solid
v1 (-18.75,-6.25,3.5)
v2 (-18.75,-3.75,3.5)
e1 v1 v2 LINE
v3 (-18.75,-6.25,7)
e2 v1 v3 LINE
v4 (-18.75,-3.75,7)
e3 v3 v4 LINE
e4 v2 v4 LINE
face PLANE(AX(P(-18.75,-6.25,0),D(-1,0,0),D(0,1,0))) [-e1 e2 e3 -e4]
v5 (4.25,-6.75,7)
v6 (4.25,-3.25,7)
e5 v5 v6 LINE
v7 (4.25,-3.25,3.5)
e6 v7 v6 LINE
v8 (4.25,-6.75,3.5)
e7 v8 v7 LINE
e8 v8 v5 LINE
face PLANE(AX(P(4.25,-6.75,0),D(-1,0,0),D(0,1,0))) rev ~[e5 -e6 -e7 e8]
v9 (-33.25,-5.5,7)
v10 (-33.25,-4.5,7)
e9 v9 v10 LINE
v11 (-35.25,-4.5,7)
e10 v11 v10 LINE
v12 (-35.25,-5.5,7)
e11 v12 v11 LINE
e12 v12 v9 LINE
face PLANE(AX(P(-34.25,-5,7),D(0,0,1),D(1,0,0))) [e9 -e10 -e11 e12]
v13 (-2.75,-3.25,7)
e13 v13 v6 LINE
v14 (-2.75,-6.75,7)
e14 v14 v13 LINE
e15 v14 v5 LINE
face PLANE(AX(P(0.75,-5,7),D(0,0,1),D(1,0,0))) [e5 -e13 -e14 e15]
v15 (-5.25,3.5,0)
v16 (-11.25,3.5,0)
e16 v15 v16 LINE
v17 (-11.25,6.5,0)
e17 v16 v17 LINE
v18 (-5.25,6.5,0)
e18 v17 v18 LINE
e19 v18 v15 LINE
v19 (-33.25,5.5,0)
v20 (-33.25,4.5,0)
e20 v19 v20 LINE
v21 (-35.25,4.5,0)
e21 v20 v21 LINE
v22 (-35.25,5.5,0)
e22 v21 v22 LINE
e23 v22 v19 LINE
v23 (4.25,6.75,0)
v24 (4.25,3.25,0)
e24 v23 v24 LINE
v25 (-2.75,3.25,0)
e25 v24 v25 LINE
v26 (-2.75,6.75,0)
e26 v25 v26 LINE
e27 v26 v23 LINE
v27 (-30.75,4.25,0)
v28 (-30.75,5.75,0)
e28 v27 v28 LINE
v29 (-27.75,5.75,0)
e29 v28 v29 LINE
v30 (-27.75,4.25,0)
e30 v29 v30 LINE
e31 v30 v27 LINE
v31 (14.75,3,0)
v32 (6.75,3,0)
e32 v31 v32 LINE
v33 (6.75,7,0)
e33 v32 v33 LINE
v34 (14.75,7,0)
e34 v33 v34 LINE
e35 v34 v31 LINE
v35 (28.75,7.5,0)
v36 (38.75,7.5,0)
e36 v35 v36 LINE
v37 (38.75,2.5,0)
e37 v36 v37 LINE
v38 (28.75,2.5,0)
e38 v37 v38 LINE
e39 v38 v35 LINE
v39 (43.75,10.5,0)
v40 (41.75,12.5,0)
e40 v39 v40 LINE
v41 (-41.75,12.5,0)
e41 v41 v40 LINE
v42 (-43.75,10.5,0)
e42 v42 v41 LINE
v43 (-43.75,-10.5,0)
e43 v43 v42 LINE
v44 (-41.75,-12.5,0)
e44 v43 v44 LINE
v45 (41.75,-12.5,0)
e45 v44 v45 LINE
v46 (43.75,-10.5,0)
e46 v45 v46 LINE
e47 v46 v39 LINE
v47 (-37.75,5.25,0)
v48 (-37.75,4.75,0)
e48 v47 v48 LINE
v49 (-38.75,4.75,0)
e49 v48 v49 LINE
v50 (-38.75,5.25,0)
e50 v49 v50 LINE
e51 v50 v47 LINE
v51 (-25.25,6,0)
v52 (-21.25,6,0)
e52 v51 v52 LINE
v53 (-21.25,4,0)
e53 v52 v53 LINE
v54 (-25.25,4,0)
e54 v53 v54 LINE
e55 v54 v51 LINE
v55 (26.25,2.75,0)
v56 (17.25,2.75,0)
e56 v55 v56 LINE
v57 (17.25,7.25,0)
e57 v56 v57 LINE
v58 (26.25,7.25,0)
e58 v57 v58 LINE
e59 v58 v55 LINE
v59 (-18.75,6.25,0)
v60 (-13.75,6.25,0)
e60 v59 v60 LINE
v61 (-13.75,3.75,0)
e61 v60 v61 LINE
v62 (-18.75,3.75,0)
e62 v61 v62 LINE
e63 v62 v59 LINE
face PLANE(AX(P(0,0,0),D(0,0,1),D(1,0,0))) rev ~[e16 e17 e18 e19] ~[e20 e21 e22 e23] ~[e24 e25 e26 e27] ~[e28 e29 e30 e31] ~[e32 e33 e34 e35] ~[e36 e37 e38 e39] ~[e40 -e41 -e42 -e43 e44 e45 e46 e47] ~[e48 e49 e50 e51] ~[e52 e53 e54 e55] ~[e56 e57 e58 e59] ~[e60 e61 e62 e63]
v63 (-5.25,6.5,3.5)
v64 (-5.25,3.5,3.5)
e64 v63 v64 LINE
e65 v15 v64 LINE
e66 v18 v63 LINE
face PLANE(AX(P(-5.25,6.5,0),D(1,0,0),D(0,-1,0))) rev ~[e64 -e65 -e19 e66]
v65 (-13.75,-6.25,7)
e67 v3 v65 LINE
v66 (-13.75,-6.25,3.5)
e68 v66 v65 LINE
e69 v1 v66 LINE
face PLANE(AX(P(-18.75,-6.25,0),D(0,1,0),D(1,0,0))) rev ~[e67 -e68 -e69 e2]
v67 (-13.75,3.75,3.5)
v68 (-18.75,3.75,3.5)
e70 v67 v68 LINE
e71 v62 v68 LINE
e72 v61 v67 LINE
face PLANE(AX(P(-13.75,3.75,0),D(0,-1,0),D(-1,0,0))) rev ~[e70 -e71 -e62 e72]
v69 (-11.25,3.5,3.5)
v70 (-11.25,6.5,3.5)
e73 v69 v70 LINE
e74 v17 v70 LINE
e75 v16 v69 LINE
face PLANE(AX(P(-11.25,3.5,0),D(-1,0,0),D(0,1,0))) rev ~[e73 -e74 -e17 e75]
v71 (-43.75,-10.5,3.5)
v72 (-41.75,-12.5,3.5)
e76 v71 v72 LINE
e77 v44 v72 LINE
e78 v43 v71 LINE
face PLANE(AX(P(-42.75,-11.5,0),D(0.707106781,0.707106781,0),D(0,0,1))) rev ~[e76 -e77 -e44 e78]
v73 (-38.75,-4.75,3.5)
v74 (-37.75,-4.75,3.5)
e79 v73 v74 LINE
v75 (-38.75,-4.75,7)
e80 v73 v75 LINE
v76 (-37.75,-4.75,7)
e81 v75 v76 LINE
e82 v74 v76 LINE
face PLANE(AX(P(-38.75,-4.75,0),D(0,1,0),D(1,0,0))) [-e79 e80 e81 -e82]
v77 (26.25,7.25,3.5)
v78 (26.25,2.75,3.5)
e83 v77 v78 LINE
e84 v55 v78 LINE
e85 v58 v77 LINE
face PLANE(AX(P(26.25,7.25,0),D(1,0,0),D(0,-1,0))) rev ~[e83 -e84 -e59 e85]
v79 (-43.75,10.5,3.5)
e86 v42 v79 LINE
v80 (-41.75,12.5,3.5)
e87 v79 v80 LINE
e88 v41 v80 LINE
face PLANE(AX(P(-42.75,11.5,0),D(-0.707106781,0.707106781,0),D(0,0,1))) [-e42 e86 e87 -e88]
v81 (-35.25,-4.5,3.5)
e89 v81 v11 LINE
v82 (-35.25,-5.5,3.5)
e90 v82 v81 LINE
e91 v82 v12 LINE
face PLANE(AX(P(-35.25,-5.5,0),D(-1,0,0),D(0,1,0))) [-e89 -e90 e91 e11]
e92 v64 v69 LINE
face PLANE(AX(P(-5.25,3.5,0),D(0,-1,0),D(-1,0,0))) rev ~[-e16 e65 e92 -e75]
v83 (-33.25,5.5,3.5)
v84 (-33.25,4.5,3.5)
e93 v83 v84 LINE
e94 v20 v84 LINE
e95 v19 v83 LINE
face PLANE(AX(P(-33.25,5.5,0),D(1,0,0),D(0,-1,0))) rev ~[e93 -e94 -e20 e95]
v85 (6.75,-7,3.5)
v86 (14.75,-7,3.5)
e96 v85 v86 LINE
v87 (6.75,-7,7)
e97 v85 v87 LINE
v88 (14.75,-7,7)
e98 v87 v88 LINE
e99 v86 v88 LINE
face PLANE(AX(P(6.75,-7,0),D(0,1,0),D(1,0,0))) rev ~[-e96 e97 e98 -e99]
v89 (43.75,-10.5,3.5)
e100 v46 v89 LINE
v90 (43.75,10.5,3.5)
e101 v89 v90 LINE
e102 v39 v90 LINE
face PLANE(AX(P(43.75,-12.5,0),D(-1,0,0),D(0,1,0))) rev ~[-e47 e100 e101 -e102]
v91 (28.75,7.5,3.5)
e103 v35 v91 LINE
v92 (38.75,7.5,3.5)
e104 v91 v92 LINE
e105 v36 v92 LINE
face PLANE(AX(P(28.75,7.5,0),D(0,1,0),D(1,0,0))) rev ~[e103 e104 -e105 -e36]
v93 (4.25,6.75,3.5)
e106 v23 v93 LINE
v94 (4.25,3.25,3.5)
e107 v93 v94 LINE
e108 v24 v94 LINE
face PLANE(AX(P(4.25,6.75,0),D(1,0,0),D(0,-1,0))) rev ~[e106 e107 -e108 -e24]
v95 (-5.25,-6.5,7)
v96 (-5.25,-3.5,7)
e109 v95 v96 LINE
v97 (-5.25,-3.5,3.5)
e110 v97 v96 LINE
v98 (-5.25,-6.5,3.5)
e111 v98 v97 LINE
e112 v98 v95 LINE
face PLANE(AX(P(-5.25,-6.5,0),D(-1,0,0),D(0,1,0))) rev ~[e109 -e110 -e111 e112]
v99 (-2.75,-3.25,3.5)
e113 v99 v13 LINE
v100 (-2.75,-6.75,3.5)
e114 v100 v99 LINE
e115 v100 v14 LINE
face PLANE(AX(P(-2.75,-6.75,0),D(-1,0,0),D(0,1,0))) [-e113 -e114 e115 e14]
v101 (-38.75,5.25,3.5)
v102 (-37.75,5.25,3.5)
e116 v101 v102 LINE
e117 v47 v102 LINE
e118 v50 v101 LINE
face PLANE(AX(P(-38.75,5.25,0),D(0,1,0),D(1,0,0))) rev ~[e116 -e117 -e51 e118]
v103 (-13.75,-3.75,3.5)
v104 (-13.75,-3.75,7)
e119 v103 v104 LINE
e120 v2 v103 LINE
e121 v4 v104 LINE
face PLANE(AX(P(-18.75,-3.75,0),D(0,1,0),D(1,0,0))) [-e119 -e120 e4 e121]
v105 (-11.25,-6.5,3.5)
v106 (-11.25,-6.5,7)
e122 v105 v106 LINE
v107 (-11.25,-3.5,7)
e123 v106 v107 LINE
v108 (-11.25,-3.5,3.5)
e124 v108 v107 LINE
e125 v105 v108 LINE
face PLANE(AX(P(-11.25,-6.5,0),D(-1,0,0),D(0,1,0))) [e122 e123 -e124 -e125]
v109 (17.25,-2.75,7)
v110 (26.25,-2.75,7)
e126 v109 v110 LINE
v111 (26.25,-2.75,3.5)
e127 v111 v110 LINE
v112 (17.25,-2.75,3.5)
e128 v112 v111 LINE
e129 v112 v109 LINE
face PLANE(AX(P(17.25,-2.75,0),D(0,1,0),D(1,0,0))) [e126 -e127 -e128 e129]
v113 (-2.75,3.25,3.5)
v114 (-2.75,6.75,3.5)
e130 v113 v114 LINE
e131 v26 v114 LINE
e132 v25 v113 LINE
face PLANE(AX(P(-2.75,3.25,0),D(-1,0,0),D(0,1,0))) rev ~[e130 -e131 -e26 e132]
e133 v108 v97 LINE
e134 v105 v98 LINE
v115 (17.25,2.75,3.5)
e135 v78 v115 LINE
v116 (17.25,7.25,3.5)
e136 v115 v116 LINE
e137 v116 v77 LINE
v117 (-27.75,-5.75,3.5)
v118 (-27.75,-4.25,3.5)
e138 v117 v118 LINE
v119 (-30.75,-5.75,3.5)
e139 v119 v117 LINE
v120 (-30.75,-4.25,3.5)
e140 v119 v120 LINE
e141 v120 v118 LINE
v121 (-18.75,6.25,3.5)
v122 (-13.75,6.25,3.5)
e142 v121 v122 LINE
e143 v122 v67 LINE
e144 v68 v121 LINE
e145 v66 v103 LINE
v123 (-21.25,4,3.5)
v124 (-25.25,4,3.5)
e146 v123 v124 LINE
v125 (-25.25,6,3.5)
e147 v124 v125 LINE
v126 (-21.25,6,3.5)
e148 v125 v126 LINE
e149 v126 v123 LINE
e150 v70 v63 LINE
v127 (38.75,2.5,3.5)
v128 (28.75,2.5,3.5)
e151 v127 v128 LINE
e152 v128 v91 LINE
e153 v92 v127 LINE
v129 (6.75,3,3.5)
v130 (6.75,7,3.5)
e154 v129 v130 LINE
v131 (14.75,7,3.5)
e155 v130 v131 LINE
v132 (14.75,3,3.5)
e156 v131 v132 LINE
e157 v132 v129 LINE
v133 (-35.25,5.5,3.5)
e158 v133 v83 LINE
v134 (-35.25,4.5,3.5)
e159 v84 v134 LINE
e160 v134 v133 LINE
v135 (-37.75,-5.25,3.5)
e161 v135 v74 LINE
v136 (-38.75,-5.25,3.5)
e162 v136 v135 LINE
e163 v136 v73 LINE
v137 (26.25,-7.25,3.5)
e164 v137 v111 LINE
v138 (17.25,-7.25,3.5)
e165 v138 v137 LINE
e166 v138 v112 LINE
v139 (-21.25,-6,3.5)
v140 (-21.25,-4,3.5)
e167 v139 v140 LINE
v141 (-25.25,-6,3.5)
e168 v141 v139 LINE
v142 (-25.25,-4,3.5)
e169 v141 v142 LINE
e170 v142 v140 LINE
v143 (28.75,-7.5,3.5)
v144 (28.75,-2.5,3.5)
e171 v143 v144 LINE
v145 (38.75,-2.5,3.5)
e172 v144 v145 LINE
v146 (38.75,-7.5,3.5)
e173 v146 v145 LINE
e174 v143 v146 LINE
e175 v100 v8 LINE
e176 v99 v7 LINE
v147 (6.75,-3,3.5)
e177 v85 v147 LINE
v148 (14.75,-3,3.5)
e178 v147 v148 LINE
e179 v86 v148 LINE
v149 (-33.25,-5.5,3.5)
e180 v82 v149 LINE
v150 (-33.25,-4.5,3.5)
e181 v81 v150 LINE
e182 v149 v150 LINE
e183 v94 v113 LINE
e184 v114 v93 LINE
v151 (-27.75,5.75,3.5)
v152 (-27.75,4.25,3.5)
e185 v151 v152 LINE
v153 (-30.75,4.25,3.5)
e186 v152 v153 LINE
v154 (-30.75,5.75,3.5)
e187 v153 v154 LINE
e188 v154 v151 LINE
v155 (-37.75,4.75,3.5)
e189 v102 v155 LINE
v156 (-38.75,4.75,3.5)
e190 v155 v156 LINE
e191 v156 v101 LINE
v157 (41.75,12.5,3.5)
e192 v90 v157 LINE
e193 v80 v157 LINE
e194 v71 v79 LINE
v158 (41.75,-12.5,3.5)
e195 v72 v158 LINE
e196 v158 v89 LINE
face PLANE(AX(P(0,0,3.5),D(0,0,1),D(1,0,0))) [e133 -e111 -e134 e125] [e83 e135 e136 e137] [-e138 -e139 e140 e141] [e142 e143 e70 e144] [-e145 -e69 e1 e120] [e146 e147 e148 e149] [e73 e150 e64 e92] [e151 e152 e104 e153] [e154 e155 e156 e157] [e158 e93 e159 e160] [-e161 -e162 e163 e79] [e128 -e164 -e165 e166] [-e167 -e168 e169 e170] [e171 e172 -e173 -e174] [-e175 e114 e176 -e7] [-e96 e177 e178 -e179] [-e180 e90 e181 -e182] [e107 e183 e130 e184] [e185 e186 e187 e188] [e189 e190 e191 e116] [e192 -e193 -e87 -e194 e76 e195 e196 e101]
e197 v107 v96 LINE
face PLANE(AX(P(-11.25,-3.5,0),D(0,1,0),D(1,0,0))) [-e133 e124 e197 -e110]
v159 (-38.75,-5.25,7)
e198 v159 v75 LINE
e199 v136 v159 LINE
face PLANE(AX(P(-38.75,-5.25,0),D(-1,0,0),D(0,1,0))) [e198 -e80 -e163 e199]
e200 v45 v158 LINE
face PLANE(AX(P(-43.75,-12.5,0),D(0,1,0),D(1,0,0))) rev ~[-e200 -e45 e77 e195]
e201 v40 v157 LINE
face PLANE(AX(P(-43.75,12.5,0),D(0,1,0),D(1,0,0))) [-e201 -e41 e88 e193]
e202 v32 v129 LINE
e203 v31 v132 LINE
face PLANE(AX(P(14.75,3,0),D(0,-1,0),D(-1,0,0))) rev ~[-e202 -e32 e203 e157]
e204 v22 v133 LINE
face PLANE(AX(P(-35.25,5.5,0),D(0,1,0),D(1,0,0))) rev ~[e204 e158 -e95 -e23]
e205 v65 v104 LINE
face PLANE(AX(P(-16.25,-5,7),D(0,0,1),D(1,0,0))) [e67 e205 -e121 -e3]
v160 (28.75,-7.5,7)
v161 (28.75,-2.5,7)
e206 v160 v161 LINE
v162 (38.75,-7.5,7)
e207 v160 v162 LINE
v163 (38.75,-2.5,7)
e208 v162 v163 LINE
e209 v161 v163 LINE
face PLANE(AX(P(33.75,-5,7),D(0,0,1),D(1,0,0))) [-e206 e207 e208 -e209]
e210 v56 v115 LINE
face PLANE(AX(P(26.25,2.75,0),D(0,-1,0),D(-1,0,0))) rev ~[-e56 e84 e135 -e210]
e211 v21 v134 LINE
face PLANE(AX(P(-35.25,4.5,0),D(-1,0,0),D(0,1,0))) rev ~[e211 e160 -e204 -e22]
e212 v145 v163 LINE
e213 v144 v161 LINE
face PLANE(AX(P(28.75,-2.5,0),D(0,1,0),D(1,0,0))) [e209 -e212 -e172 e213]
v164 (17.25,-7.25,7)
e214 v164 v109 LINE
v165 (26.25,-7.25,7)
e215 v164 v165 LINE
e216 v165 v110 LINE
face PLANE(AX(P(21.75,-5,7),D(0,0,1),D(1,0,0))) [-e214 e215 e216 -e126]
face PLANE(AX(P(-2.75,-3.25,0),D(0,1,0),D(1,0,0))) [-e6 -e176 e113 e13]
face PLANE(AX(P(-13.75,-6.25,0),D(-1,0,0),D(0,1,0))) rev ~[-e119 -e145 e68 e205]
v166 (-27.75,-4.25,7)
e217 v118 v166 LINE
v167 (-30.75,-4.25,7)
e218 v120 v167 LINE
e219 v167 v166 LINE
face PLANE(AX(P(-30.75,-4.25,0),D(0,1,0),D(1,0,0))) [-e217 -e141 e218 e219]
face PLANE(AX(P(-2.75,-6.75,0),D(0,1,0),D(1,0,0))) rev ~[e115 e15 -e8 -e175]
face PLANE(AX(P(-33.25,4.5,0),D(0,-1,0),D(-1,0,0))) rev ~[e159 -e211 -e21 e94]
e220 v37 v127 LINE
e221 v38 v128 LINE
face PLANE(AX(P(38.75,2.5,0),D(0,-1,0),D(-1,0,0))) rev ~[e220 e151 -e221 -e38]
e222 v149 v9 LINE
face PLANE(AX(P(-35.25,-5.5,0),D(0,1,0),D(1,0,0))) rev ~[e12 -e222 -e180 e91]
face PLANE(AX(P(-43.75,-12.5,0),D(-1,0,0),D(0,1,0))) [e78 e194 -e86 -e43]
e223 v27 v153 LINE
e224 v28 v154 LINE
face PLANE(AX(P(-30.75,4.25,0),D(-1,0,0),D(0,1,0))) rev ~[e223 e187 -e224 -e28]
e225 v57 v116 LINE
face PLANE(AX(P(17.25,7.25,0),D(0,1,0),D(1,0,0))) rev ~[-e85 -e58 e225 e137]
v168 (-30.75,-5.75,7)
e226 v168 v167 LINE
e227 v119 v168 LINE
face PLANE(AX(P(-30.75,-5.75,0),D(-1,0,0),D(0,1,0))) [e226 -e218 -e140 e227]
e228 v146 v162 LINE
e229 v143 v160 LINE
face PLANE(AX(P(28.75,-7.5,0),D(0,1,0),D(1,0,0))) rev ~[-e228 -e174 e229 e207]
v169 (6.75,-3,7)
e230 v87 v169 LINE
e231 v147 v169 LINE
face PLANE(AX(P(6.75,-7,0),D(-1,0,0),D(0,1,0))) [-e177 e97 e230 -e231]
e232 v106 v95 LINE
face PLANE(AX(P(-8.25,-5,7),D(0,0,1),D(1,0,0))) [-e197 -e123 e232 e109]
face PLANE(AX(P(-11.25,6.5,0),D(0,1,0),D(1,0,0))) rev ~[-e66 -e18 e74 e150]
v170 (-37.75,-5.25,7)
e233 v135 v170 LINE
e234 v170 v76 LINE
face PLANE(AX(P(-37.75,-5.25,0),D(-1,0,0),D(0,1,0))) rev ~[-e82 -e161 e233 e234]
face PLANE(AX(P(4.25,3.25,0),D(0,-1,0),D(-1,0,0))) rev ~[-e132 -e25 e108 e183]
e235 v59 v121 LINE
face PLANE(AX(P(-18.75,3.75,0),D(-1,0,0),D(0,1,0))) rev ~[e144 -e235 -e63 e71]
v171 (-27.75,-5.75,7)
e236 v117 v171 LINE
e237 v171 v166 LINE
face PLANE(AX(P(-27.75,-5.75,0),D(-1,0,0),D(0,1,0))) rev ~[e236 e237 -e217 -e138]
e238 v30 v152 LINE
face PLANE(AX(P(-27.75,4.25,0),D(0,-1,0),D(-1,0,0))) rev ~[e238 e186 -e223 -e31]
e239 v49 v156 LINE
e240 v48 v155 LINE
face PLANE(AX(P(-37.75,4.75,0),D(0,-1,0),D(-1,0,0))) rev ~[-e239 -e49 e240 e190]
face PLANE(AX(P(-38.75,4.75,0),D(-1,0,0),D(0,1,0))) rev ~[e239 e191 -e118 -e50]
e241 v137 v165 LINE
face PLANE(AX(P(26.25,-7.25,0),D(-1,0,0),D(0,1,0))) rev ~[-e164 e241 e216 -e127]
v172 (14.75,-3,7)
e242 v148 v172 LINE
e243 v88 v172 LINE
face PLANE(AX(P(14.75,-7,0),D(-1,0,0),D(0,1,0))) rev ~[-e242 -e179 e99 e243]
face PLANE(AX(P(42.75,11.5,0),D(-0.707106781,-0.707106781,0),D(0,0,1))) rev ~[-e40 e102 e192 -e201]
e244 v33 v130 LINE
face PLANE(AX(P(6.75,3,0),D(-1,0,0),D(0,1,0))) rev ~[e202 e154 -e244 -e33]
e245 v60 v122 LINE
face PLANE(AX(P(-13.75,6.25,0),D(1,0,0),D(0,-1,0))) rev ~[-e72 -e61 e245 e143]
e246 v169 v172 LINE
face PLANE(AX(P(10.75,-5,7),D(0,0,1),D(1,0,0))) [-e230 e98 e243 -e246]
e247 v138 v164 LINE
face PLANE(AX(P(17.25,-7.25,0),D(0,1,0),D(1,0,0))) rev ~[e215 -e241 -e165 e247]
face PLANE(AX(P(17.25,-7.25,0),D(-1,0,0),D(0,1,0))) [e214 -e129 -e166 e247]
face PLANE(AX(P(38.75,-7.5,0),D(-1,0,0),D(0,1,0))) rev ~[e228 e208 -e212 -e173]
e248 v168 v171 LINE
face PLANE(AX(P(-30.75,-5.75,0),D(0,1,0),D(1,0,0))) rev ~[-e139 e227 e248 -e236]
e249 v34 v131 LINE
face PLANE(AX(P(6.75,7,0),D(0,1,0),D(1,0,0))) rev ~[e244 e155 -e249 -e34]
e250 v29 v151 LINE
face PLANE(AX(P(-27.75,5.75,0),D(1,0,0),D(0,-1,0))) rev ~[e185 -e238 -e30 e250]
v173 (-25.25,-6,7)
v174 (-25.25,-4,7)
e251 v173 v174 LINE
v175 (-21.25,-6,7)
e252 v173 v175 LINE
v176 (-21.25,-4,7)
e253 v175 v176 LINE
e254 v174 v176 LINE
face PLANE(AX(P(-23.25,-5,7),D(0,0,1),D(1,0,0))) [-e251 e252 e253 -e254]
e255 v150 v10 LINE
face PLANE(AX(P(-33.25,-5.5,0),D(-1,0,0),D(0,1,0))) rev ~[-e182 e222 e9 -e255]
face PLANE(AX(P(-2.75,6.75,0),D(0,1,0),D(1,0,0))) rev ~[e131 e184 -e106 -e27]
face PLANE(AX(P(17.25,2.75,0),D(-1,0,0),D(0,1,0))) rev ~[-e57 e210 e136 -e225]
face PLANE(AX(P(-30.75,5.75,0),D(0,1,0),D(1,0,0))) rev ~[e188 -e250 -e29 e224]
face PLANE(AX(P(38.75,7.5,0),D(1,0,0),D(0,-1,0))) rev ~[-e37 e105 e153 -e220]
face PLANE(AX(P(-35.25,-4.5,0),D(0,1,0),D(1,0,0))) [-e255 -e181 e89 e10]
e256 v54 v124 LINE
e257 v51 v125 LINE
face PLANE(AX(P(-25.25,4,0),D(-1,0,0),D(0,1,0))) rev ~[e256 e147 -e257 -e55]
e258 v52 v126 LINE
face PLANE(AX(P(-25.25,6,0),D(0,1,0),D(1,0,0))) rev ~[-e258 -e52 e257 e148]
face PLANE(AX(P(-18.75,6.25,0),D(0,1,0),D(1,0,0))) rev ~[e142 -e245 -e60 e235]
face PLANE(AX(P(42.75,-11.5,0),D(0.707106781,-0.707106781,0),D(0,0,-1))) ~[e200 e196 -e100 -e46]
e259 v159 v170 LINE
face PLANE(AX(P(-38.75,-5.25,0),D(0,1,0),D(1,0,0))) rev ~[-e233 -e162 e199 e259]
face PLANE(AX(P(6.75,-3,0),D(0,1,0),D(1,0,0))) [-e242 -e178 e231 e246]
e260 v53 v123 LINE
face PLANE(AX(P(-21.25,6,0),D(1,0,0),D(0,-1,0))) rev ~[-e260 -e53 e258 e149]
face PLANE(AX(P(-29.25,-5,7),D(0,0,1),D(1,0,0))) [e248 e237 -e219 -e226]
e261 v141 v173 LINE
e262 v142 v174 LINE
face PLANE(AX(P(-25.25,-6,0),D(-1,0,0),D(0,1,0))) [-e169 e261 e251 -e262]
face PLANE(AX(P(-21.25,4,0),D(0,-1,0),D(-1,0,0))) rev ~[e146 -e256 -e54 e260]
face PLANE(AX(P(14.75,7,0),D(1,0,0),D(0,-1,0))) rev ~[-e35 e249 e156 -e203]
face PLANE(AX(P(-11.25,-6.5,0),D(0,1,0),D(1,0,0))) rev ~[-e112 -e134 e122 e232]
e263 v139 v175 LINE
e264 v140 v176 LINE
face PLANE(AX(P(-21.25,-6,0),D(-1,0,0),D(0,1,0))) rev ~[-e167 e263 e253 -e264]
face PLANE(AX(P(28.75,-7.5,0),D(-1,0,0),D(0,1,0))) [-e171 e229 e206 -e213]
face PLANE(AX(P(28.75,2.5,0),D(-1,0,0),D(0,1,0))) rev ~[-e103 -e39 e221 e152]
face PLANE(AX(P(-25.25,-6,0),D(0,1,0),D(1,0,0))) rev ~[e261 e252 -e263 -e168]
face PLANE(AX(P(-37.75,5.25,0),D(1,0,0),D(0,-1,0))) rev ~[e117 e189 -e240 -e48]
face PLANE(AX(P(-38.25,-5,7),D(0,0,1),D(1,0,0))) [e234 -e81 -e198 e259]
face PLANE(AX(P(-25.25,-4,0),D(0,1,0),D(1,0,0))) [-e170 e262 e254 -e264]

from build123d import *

# Parameters (mm, degrees)
F0_W     = 87.5
F0_H     = 25
F0_W_2   = 1
F0_H_2   = 0.5
F0_W_3   = 2
F0_H_3   = 1
F0_W_4   = 3
F0_H_4   = 1.5
F0_W_5   = 4
F0_H_5   = 2
F0_W_6   = 5
F0_H_6   = 2.5
F0_W_7   = 6
F0_H_7   = 3
F0_W_8   = 7
F0_H_8   = 3.5
F0_W_9   = 8
F0_H_9   = 4
F0_W_10  = 9
F0_H_10  = 4.5
F0_W_11  = 10
F0_H_11  = 5
F1_DEPTH = 3.5
F2_DEPTH = 7
F3_SIZE  = 2


with BuildPart() as f1:
    # F0 (on Top) → F1 (new body)
    with BuildSketch(Plane.XY):
        Rectangle(F0_W, F0_H)
        with Locations((-38.25, -5)):
            Rectangle(F0_W_2, F0_H_2, mode=Mode.SUBTRACT)
        with Locations((-34.25, -5)):
            Rectangle(F0_W_3, F0_H_3, mode=Mode.SUBTRACT)
        with Locations((-29.25, -5)):
            Rectangle(F0_W_4, F0_H_4, mode=Mode.SUBTRACT)
        with Locations((-23.25, -5)):
            Rectangle(F0_W_5, F0_H_5, mode=Mode.SUBTRACT)
        with Locations((-16.25, -5)):
            Rectangle(F0_W_6, F0_H_6, mode=Mode.SUBTRACT)
        with Locations((-8.25, -5)):
            Rectangle(F0_W_7, F0_H_7, mode=Mode.SUBTRACT)
        with Locations((0.75, -5)):
            Rectangle(F0_W_8, F0_H_8, mode=Mode.SUBTRACT)
        with Locations((10.75, -5)):
            Rectangle(F0_W_9, F0_H_9, mode=Mode.SUBTRACT)
        with Locations((21.75, -5)):
            Rectangle(F0_W_10, F0_H_10, mode=Mode.SUBTRACT)
        with Locations((33.75, -5)):
            Rectangle(F0_W_11, F0_H_11, mode=Mode.SUBTRACT)
        Polygon((-38.25, 5.25), (-37.75, 5.25), (-37.75, 4.75), (-38.75, 4.75), (-38.75, 5.25), align=None, mode=Mode.SUBTRACT)
        Polygon((-34.25, 5.5), (-33.25, 5.5), (-33.25, 4.5), (-35.25, 4.5), (-35.25, 5.5), align=None, mode=Mode.SUBTRACT)
        Polygon((-30.75, 4.25), (-30.75, 5.75), (-29.25, 5.75), (-27.75, 5.75), (-27.75, 4.25), align=None, mode=Mode.SUBTRACT)
        Polygon((-25.25, 4), (-25.25, 6), (-23.25, 6), (-21.25, 6), (-21.25, 4), align=None, mode=Mode.SUBTRACT)
        Polygon((-18.75, 3.75), (-18.75, 6.25), (-16.25, 6.25), (-13.75, 6.25), (-13.75, 3.75), align=None, mode=Mode.SUBTRACT)
        Polygon((-11.25, 3.5), (-11.25, 6.5), (-8.25, 6.5), (-5.25, 6.5), (-5.25, 3.5), align=None, mode=Mode.SUBTRACT)
        Polygon((-2.75, 3.25), (-2.75, 6.75), (0.75, 6.75), (4.25, 6.75), (4.25, 3.25), align=None, mode=Mode.SUBTRACT)
        Polygon((6.75, 3), (6.75, 7), (10.75, 7), (14.75, 7), (14.75, 3), align=None, mode=Mode.SUBTRACT)
        Polygon((17.25, 2.75), (17.25, 7.25), (21.75, 7.25), (26.25, 7.25), (26.25, 2.75), align=None, mode=Mode.SUBTRACT)
        Polygon((28.75, 2.5), (28.75, 7.5), (33.75, 7.5), (38.75, 7.5), (38.75, 2.5), align=None, mode=Mode.SUBTRACT)
    extrude(amount=F1_DEPTH)

    # F0 (on Top) → F2 (join, through all)
    with BuildSketch(Plane.XY):
        with Locations((-38.25, -5)):
            Rectangle(F0_W_2, F0_H_2)
        with Locations((-34.25, -5)):
            Rectangle(F0_W_3, F0_H_3)
        with Locations((-29.25, -5)):
            Rectangle(F0_W_4, F0_H_4)
        with Locations((-23.25, -5)):
            Rectangle(F0_W_5, F0_H_5)
        with Locations((-16.25, -5)):
            Rectangle(F0_W_6, F0_H_6)
        with Locations((-8.25, -5)):
            Rectangle(F0_W_7, F0_H_7)
        with Locations((0.75, -5)):
            Rectangle(F0_W_8, F0_H_8)
        with Locations((10.75, -5)):
            Rectangle(F0_W_9, F0_H_9)
        with Locations((21.75, -5)):
            Rectangle(F0_W_10, F0_H_10)
        with Locations((33.75, -5)):
            Rectangle(F0_W_11, F0_H_11)
    extrude(amount=F2_DEPTH)

    # F3
    f3_edges = [f1.edges().sort_by_distance(p)[0] for p in [
        (-43.75, -12.5, 1.75),
        (43.75, -12.5, 1.75),
        (43.75, 12.5, 1.75),
        (-43.75, 12.5, 1.75),
    ]]
    chamfer(f3_edges, length=F3_SIZE)


solid = f1.part
